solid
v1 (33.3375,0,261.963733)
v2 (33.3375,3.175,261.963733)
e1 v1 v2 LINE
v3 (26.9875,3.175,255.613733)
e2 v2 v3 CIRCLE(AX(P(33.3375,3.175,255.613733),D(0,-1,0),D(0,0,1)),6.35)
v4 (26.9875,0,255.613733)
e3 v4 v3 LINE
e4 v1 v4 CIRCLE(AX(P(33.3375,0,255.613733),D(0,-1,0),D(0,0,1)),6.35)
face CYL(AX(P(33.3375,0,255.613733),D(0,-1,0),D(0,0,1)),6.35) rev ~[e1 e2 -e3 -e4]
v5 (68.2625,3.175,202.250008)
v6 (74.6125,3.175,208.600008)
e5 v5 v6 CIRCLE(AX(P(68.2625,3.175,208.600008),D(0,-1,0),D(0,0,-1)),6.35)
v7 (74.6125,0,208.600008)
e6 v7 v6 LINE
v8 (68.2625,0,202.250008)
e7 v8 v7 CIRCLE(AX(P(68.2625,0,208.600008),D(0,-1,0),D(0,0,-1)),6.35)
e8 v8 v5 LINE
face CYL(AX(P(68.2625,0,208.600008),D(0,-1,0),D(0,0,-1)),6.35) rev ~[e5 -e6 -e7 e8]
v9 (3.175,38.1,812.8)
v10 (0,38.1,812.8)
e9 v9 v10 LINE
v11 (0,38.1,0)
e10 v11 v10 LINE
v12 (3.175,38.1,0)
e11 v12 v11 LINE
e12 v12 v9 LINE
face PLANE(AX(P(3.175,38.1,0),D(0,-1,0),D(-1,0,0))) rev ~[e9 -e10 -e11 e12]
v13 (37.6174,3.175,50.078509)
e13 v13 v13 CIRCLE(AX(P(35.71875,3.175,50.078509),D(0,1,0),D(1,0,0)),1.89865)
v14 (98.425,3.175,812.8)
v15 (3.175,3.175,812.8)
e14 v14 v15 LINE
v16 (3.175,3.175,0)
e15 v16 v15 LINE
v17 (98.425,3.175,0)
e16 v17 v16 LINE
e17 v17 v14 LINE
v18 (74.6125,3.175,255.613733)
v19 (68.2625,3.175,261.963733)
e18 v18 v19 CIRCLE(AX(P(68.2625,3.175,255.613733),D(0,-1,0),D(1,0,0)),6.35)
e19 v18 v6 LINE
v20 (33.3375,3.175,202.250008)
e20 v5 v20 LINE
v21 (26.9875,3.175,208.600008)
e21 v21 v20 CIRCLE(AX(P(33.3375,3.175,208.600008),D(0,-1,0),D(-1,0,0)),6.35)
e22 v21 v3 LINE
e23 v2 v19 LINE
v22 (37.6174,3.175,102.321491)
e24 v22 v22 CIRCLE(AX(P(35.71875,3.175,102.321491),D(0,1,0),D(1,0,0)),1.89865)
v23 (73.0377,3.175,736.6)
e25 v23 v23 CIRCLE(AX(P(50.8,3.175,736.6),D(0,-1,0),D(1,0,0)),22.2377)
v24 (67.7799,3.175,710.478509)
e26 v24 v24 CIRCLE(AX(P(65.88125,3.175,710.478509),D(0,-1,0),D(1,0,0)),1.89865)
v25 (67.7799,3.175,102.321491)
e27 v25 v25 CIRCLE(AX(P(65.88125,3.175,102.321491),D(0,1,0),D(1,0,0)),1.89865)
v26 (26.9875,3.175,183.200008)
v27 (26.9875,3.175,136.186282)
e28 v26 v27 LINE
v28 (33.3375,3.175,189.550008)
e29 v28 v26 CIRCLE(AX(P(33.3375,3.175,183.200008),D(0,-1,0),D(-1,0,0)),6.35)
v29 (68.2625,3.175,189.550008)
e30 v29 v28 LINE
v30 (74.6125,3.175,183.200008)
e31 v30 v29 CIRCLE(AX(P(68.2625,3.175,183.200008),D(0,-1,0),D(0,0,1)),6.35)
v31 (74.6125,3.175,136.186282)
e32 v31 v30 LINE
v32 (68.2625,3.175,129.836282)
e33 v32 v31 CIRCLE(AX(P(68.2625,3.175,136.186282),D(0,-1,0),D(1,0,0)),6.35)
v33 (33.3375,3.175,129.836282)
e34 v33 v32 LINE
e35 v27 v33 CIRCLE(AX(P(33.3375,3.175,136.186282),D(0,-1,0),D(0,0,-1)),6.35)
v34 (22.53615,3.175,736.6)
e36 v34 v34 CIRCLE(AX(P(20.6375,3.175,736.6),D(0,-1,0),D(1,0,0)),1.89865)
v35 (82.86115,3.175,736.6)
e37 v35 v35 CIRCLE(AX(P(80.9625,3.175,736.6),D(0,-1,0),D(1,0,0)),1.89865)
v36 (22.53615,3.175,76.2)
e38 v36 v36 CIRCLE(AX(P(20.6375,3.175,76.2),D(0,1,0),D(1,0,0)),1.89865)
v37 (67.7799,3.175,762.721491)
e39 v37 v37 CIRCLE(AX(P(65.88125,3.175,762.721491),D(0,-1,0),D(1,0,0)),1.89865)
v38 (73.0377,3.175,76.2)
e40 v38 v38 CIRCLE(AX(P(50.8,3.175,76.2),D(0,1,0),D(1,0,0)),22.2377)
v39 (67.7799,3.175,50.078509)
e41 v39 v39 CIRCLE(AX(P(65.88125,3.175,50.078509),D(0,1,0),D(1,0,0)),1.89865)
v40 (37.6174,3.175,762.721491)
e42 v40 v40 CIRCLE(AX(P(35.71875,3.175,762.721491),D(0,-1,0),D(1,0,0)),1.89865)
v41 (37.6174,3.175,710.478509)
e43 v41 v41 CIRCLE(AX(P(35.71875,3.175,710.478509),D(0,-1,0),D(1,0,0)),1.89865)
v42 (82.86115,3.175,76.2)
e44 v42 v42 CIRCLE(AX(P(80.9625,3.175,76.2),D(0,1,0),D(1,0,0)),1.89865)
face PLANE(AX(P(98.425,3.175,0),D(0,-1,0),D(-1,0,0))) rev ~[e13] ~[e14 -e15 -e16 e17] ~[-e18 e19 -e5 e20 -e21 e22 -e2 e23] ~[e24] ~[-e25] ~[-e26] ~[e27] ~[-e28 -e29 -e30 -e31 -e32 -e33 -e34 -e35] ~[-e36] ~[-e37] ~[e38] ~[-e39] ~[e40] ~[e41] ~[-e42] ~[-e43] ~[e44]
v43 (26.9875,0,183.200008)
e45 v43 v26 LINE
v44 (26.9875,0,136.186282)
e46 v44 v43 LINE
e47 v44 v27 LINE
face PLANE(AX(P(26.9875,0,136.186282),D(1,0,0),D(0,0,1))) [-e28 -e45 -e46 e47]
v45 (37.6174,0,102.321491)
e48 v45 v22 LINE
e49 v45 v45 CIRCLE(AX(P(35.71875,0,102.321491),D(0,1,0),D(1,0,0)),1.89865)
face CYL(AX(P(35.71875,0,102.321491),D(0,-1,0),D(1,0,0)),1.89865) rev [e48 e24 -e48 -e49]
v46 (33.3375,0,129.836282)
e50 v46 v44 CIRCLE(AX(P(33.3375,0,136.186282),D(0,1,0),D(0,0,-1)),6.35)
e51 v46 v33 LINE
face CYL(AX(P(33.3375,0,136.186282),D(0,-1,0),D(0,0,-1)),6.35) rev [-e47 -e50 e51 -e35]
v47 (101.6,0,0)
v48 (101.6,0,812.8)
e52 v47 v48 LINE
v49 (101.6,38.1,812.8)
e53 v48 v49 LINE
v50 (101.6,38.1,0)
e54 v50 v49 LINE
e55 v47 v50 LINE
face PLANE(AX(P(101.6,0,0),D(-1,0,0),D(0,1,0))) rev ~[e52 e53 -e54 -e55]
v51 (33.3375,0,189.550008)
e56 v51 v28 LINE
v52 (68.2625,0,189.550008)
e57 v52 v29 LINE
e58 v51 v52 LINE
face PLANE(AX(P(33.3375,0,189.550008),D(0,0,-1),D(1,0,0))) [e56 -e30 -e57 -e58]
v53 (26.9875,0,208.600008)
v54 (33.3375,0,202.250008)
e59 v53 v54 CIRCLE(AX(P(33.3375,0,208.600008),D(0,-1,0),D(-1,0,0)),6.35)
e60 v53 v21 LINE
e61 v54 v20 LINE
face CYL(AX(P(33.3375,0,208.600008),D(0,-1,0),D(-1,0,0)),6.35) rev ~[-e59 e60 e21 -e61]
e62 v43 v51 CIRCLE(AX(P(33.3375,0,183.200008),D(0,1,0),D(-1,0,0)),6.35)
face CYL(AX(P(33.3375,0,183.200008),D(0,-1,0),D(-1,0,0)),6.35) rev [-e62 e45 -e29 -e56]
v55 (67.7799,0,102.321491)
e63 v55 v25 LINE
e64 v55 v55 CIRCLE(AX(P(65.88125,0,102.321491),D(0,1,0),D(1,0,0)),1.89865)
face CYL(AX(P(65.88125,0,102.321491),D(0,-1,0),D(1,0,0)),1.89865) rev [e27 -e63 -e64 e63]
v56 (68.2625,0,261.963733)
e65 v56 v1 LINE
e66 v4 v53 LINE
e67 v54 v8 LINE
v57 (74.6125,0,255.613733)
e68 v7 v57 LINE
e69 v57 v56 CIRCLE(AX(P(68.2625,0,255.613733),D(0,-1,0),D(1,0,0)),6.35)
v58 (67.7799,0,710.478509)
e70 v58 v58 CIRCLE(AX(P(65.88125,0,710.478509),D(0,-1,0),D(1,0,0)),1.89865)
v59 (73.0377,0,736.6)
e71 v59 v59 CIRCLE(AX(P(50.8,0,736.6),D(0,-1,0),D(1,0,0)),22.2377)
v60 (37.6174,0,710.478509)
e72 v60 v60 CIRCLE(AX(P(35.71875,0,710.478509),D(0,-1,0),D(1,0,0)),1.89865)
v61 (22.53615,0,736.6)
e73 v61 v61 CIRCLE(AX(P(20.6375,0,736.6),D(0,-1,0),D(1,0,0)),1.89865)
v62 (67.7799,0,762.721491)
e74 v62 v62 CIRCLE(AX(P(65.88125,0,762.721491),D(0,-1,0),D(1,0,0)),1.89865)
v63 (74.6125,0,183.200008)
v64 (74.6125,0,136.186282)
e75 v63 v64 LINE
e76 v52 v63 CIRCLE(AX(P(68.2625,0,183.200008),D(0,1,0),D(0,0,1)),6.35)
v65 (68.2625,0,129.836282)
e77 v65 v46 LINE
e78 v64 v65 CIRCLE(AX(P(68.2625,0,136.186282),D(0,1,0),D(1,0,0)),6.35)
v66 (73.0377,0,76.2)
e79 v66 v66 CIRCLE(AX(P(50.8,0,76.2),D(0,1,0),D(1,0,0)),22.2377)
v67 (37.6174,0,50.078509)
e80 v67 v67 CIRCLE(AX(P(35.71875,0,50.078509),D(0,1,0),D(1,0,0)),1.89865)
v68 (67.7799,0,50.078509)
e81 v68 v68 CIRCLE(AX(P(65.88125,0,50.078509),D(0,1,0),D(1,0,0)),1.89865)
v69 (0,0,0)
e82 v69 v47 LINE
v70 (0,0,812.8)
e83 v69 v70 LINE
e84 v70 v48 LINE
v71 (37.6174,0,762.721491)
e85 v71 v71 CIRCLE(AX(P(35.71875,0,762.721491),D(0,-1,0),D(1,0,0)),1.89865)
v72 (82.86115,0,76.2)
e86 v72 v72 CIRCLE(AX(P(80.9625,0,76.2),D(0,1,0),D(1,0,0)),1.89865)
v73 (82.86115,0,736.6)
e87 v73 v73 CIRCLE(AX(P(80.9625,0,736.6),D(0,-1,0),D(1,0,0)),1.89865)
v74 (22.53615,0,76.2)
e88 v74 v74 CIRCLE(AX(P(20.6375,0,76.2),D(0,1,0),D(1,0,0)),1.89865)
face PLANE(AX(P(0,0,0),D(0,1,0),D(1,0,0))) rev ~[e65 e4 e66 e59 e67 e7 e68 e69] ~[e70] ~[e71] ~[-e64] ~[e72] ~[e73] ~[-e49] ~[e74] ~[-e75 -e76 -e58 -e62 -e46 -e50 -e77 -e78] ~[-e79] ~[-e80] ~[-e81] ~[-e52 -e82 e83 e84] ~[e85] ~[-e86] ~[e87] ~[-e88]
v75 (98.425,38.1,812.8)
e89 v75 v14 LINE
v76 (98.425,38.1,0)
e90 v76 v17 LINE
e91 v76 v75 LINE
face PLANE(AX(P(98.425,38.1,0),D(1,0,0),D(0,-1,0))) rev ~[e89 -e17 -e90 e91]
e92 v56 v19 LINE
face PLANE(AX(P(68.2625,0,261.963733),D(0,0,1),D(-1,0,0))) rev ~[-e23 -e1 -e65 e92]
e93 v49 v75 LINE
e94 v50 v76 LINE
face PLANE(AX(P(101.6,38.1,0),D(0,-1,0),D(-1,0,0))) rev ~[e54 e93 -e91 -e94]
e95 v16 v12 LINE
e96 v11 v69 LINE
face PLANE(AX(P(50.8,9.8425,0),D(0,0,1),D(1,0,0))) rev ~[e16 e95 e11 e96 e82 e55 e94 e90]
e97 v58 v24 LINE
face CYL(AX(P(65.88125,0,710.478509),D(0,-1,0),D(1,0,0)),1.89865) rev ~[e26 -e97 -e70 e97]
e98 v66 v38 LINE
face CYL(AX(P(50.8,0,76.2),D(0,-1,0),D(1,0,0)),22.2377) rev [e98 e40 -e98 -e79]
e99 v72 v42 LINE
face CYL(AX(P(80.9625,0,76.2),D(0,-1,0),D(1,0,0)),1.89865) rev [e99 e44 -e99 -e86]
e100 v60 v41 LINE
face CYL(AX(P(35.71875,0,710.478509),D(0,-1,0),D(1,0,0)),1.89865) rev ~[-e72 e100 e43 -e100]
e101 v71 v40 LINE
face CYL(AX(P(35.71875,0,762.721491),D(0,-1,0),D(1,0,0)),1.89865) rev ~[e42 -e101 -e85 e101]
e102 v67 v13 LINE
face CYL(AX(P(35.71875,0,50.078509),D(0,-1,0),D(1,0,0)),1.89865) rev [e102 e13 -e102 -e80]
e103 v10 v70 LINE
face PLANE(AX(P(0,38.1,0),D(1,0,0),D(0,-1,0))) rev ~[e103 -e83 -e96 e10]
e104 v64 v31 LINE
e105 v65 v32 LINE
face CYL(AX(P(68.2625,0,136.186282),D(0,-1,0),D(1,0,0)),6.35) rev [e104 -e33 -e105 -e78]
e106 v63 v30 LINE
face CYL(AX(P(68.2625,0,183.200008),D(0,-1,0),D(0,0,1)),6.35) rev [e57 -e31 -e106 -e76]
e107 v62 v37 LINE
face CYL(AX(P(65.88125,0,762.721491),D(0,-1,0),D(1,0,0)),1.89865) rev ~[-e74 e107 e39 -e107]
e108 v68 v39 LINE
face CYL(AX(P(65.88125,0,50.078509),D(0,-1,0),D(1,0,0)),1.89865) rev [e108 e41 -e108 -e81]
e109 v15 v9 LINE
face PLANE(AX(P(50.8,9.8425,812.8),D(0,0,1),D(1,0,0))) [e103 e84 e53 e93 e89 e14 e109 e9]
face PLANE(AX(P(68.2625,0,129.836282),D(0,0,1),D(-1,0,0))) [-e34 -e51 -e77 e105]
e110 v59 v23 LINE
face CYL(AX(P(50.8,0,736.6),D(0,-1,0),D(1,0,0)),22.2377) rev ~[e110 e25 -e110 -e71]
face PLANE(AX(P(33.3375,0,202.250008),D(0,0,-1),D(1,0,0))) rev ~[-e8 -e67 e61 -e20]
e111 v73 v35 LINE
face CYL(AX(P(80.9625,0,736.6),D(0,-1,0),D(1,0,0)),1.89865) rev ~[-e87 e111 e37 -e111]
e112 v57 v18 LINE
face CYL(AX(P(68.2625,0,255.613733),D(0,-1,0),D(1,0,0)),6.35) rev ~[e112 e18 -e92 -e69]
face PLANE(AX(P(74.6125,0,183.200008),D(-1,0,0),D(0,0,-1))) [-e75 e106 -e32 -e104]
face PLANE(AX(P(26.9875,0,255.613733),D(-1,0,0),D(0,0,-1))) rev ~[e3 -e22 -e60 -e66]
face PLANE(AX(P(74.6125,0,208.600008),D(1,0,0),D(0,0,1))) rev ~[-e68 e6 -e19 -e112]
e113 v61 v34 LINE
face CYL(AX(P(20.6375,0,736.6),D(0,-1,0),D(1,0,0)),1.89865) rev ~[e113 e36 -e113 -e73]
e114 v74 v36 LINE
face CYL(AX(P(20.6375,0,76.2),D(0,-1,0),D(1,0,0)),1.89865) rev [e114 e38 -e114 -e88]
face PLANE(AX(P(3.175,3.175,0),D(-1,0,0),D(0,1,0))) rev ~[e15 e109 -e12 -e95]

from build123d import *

# Parameters (mm, degrees)
BOSS_EXTRUDE1_DEPTH = 812.8
SKETCH2_R           = 22.2377
CUT_EXTRUDE1_DEPTH  = 3.175
SKETCH3_R           = 1.89865
CUT_EXTRUDE2_DEPTH  = 3.175
CUT_EXTRUDE3_REACH  = 40.1


with BuildPart() as part:
    # Sketch1 → Boss-Extrude1 (new body)
    with BuildSketch(Plane.XY):
        Polygon((3.175, 3.175), (3.175, 38.1), (0, 38.1), (0, 0), (101.6, 0), (101.6, 38.1), (98.425, 38.1), (98.425, 3.175), align=None)
    extrude(amount=BOSS_EXTRUDE1_DEPTH)

    # Sketch2 → Cut-Extrude1 (cut)
    with BuildSketch(Plane.XZ):
        with Locations((50.8, 736.6)):
            Circle(SKETCH2_R)
    cut_extrude1 = extrude(amount=-CUT_EXTRUDE1_DEPTH, mode=Mode.SUBTRACT)

    # Sketch3 → Cut-Extrude2 (cut)
    with BuildSketch(Plane.XZ):
        with Locations((65.88125, 762.721491242)):
            Circle(SKETCH3_R)
        with Locations((80.9625, 736.6)):
            Circle(SKETCH3_R)
        with Locations((65.88125, 710.478508758)):
            Circle(SKETCH3_R)
        with Locations((35.71875, 710.478508758)):
            Circle(SKETCH3_R)
        with Locations((20.6375, 736.6)):
            Circle(SKETCH3_R)
        with Locations((35.71875, 762.721491242)):
            Circle(SKETCH3_R)
    cut_extrude2 = extrude(amount=-CUT_EXTRUDE2_DEPTH, mode=Mode.SUBTRACT)

    # Mirror1: Cut-Extrude1, Cut-Extrude2 across plane
    add(cut_extrude1.mirror(Plane.XY.offset(406.4)), mode=Mode.SUBTRACT)
    add(cut_extrude2.mirror(Plane.XY.offset(406.4)), mode=Mode.SUBTRACT)

    # Sketch4 → Cut-Extrude3 (cut, up to next)
    with BuildSketch(Plane.XZ, mode=Mode.PRIVATE) as cut_extrude3_sk1:
        with BuildLine():
            Line((68.2625, 129.836281806), (33.3375, 129.836281806))
            ThreePointArc((33.3375, 129.836281806), (28.847371939, 131.696153745), (26.9875, 136.186281806))
            Line((26.9875, 136.186281806), (26.9875, 183.200007549))
            ThreePointArc((26.9875, 183.200007549), (28.847371939, 187.690135609), (33.3375, 189.550007549))
            Line((33.3375, 189.550007549), (68.2625, 189.550007549))
            ThreePointArc((68.2625, 189.550007549), (72.752628061, 187.690135609), (74.6125, 183.200007549))
            Line((74.6125, 183.200007549), (74.6125, 136.186281806))
            ThreePointArc((74.6125, 136.186281806), (72.752628061, 131.696153745), (68.2625, 129.836281806))
        make_face()
    cut_extrude3_tool1 = extrude(cut_extrude3_sk1.sketch, amount=-CUT_EXTRUDE3_REACH, mode=Mode.PRIVATE) & part.part
    add(cut_extrude3_tool1.solids().sort_by_distance((50.8, 0, 159.693145))[0], mode=Mode.SUBTRACT)
    # Sketch4 → Cut-Extrude3 (cut, up to next)
    with BuildSketch(Plane.XZ, mode=Mode.PRIVATE) as cut_extrude3_sk2:
        with BuildLine():
            Line((68.2625, 261.963733292), (33.3375, 261.963733292))
            ThreePointArc((33.3375, 261.963733292), (28.847371939, 260.103861353), (26.9875, 255.613733292))
            Line((26.9875, 255.613733292), (26.9875, 208.600007549))
            ThreePointArc((26.9875, 208.600007549), (28.847371939, 204.109879488), (33.3375, 202.250007549))
            Line((33.3375, 202.250007549), (68.2625, 202.250007549))
            ThreePointArc((68.2625, 202.250007549), (72.752628061, 204.109879488), (74.6125, 208.600007549))
            Line((74.6125, 208.600007549), (74.6125, 255.613733292))
            ThreePointArc((74.6125, 255.613733292), (72.752628061, 260.103861353), (68.2625, 261.963733292))
        make_face()
    cut_extrude3_tool2 = extrude(cut_extrude3_sk2.sketch, amount=-CUT_EXTRUDE3_REACH, mode=Mode.PRIVATE) & part.part
    add(cut_extrude3_tool2.solids().sort_by_distance((50.8, 0, 232.10687))[0], mode=Mode.SUBTRACT)


solid = part.part
